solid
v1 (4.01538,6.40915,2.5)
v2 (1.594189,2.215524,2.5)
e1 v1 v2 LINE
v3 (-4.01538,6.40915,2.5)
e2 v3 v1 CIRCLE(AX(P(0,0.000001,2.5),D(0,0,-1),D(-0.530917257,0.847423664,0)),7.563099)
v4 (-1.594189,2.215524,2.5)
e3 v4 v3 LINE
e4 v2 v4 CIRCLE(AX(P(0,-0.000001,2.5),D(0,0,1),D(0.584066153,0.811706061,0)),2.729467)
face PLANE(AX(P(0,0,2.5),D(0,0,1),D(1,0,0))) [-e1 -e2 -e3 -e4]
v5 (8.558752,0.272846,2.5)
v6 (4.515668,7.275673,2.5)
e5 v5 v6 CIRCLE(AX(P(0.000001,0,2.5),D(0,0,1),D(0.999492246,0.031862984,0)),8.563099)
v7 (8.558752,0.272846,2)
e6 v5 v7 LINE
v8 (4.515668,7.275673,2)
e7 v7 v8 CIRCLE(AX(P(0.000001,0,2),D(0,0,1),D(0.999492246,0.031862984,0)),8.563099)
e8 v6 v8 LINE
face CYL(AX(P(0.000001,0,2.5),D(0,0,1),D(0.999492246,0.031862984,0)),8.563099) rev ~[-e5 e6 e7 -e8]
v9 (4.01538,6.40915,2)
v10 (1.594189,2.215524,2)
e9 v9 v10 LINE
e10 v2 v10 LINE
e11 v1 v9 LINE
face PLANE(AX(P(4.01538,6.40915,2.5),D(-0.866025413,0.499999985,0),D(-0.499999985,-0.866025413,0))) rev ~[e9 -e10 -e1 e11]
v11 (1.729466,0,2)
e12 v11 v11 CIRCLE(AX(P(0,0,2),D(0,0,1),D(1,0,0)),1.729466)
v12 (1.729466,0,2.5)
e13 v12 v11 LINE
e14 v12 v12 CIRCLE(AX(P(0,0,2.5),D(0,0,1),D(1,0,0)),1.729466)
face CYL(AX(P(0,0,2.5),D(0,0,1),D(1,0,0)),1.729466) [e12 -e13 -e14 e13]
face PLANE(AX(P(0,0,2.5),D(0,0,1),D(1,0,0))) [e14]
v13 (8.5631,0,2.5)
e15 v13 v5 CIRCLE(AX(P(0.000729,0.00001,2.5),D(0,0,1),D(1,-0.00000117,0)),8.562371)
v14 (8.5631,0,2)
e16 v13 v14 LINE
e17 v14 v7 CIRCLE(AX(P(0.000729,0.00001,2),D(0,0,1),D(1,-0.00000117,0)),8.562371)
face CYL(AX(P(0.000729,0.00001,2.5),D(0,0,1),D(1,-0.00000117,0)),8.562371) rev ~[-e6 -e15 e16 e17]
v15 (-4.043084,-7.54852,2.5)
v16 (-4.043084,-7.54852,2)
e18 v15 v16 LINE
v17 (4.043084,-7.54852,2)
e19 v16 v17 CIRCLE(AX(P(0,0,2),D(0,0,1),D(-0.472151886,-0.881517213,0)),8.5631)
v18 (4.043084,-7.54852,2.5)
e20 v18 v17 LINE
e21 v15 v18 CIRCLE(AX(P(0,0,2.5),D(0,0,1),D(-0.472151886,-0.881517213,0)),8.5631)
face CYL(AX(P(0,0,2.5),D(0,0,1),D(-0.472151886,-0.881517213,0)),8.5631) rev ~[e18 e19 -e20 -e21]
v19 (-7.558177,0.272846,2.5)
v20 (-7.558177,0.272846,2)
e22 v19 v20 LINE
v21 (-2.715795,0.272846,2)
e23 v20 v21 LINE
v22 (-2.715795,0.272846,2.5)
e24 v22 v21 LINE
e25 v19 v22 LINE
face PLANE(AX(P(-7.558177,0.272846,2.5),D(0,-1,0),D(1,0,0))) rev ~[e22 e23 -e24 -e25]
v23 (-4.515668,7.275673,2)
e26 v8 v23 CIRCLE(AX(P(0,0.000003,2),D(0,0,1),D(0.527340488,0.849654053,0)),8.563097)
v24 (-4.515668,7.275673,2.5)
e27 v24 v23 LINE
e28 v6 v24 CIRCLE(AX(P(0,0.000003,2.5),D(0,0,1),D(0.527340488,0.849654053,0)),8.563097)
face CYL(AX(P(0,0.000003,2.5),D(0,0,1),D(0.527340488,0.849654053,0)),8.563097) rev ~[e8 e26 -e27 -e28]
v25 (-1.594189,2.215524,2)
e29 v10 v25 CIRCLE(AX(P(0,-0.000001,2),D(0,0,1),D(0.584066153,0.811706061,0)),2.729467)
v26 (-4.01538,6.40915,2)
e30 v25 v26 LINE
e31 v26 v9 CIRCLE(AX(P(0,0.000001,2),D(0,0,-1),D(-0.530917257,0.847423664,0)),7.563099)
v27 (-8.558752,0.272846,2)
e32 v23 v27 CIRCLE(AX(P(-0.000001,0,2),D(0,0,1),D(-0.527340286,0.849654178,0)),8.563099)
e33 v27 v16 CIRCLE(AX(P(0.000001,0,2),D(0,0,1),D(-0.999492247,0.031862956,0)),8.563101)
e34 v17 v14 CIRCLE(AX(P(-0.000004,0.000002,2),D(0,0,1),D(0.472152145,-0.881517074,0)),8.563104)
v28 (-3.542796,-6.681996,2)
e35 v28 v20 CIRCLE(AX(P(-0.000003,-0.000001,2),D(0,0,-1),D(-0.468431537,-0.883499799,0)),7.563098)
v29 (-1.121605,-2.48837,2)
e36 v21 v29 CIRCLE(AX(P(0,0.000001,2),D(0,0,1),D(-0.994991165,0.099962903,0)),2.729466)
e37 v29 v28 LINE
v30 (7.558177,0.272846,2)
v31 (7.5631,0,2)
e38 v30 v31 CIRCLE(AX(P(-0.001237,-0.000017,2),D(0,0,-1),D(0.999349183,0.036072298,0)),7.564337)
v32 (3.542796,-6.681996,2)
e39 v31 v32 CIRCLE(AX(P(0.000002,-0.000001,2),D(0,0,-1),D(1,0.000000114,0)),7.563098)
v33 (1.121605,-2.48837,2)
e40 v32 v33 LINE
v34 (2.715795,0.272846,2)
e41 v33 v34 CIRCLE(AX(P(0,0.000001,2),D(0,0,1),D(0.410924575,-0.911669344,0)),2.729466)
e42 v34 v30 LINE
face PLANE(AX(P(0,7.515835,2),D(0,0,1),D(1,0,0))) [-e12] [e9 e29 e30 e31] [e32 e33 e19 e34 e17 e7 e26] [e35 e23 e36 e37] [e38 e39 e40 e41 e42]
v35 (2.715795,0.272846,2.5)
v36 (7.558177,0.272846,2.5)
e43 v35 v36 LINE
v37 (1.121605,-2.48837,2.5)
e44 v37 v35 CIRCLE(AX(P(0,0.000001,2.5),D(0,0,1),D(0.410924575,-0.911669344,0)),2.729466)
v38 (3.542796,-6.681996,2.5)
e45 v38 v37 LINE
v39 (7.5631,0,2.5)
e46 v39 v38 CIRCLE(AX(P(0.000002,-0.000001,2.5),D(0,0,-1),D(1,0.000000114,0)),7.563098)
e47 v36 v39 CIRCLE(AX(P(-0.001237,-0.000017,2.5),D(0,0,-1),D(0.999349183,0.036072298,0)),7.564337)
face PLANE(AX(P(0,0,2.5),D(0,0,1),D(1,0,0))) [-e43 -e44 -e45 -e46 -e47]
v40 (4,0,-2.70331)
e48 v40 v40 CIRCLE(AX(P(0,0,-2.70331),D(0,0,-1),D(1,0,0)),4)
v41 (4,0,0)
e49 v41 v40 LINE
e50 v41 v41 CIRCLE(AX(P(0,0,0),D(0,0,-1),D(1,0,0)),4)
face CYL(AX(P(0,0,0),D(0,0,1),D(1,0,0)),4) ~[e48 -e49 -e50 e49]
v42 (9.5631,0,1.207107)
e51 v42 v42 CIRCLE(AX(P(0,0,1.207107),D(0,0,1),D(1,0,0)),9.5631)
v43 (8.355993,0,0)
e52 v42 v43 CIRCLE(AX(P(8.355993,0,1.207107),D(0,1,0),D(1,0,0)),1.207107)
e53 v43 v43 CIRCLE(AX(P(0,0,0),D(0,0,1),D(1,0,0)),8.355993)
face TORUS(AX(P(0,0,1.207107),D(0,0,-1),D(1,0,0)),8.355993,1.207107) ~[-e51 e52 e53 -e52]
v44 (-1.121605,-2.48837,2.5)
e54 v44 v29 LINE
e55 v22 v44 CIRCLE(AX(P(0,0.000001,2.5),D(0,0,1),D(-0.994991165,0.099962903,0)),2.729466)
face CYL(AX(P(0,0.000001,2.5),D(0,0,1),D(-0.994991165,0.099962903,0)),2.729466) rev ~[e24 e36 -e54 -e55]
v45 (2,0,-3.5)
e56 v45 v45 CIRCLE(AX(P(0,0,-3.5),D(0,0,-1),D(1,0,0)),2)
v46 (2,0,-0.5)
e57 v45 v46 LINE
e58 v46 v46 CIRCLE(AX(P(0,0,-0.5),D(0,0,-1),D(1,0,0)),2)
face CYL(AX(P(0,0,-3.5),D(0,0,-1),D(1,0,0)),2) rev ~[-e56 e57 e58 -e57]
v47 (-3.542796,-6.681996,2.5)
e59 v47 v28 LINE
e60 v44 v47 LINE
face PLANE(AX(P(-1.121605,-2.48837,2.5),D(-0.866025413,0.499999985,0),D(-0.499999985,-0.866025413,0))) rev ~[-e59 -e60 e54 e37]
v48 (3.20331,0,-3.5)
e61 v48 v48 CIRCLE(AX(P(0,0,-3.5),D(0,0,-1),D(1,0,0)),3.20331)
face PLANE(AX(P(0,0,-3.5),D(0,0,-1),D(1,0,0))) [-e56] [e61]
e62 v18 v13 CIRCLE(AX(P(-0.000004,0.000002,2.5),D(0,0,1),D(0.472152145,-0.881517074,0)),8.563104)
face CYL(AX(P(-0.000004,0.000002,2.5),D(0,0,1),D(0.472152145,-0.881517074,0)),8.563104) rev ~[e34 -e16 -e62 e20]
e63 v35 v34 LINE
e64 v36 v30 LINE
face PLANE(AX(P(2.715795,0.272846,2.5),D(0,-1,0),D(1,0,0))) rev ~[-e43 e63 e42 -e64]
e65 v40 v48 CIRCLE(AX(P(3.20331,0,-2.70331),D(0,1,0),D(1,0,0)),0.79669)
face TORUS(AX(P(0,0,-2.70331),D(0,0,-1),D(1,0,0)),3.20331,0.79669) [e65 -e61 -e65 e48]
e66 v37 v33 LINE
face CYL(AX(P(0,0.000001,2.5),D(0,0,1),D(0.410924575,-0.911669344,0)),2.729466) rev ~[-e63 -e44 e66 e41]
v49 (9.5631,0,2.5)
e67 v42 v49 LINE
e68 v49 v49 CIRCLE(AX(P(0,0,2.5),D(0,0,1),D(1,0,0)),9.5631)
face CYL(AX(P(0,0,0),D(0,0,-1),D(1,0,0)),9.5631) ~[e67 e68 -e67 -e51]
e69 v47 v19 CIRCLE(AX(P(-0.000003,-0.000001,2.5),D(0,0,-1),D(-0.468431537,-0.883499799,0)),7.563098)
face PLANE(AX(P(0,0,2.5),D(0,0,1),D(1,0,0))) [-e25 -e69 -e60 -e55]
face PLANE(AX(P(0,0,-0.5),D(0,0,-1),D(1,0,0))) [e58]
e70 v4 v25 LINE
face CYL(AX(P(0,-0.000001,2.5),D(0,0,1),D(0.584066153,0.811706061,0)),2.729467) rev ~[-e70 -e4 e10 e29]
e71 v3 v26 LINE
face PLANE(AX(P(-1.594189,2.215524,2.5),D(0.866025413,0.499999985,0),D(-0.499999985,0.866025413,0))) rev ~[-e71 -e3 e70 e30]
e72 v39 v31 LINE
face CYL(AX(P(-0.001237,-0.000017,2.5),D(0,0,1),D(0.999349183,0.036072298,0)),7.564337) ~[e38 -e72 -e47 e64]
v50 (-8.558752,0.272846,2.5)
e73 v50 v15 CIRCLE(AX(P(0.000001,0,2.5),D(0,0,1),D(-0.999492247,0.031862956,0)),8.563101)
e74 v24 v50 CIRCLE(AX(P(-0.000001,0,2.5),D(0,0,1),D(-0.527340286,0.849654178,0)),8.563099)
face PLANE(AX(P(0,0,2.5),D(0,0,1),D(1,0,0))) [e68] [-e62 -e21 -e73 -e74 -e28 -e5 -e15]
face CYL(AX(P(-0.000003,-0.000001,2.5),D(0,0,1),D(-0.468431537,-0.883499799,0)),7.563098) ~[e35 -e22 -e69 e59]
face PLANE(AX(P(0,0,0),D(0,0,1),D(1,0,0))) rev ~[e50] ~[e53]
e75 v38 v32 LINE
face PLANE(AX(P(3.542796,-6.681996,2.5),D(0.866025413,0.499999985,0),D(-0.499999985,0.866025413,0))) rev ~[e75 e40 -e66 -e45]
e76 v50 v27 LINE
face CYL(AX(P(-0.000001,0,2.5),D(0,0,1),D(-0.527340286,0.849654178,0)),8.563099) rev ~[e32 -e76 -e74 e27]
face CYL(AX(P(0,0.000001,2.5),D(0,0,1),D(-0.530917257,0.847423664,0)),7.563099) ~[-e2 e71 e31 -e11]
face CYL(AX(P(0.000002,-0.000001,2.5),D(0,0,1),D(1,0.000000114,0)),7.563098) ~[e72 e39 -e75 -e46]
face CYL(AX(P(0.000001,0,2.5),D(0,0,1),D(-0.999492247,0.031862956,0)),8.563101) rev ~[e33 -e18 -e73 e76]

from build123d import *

# Parameters (mm, degrees)
F0_R     = 9.5631
F1_DEPTH = 2.5
F2_R     = 1.729466
F3_DEPTH = 0.5
F4_R     = 4
F5_DEPTH = 3.5
F6_R     = 1.207107
F7_R     = 2
F8_DEPTH = 3
F9_R     = 0.79669


with BuildPart() as f1:
    # F0 (on Top) → F1 (new body)
    with BuildSketch(Plane.XY):
        Circle(F0_R)
    extrude(amount=F1_DEPTH)

    # F2 (on face) → F3 (cut)
    with BuildSketch(Plane.XY.offset(2.5)):
        with BuildLine():
            ThreePointArc((-4.01538, 6.40915), (0, 7.5631), (4.01538, 6.40915))
            Line((4.01538, 6.40915), (4.515668, 7.275673))
            ThreePointArc((4.515668, 7.275673), (0, 8.5631), (-4.515668, 7.275673))
            Line((-4.515668, 7.275673), (-4.01538, 6.40915))
        make_face()
        with BuildLine():
            Line((4.515668, 7.275673), (4.01538, 6.40915))
            ThreePointArc((4.01538, 6.40915), (6.549837, 3.78155), (7.558177, 0.272846))
            Line((7.558177, 0.272846), (8.558752, 0.272846))
            ThreePointArc((8.558752, 0.272846), (7.415862, 4.28155), (4.515668, 7.275673))
        make_face()
        with BuildLine():
            ThreePointArc((-7.558177, 0.272846), (-6.549837, 3.78155), (-4.01538, 6.40915))
            Line((-4.01538, 6.40915), (-4.515668, 7.275673))
            ThreePointArc((-4.515668, 7.275673), (-7.415862, 4.28155), (-8.558752, 0.272846))
            Line((-8.558752, 0.272846), (-7.558177, 0.272846))
        make_face()
        with BuildLine():
            Line((8.558752, 0.272846), (7.558177, 0.272846))
            ThreePointArc((7.558177, 0.272846), (7.561869, 0.136445), (7.5631, 0))
            ThreePointArc((7.5631, 0), (6.480548, -3.8991), (3.542796, -6.681996))
            Line((3.542796, -6.681996), (4.043084, -7.54852))
            ThreePointArc((4.043084, -7.54852), (7.3467, -4.399167), (8.5631, 0))
            ThreePointArc((8.5631, 0), (8.562013, 0.136441), (8.558752, 0.272846))
        make_face()
        with BuildLine():
            ThreePointArc((-3.542796, -6.681996), (-6.549837, -3.78155), (-7.558177, 0.272846))
            Line((-7.558177, 0.272846), (-8.558752, 0.272846))
            ThreePointArc((-8.558752, 0.272846), (-7.415862, -4.28155), (-4.043084, -7.54852))
            Line((-4.043084, -7.54852), (-3.542796, -6.681996))
        make_face()
        with BuildLine():
            ThreePointArc((3.542796, -6.681996), (0, -7.5631), (-3.542796, -6.681996))
            Line((-3.542796, -6.681996), (-4.043084, -7.54852))
            ThreePointArc((-4.043084, -7.54852), (0, -8.5631), (4.043084, -7.54852))
            Line((4.043084, -7.54852), (3.542796, -6.681996))
        make_face()
        with BuildLine():
            Line((4.01538, 6.40915), (1.594189, 2.215524))
            ThreePointArc((1.594189, 2.215524), (0, 2.729466), (-1.594189, 2.215524))
            Line((-1.594189, 2.215524), (-4.01538, 6.40915))
            ThreePointArc((-4.01538, 6.40915), (-6.549837, 3.78155), (-7.558177, 0.272846))
            Line((-7.558177, 0.272846), (-2.715795, 0.272846))
            ThreePointArc((-2.715795, 0.272846), (-2.363787, -1.364733), (-1.121605, -2.48837))
            Line((-1.121605, -2.48837), (-3.542796, -6.681996))
            ThreePointArc((-3.542796, -6.681996), (0, -7.5631), (3.542796, -6.681996))
            Line((3.542796, -6.681996), (1.121605, -2.48837))
            ThreePointArc((1.121605, -2.48837), (2.363787, -1.364733), (2.715795, 0.272846))
            Line((2.715795, 0.272846), (7.558177, 0.272846))
            ThreePointArc((7.558177, 0.272846), (6.549837, 3.78155), (4.01538, 6.40915))
        make_face()
        Circle(F2_R, mode=Mode.SUBTRACT)
    extrude(amount=-F3_DEPTH, mode=Mode.SUBTRACT)

    # F4 (on face) → F5 (join)
    with BuildSketch(Plane(origin=(0, 0, 0), x_dir=(1, 0, 0), z_dir=(0, 0, -1))):
        Circle(F4_R)
    extrude(amount=F5_DEPTH)

    # F6
    f6_edges = [f1.edges().sort_by_distance(p)[0] for p in [
        (-9.5631, 0, 0),
    ]]
    fillet(f6_edges, radius=F6_R)

    # F7 (on face) → F8 (cut)
    with BuildSketch(Plane(origin=(0, 0, -3.5), x_dir=(1, 0, 0), z_dir=(0, 0, -1))):
        Circle(F7_R)
    extrude(amount=-F8_DEPTH, mode=Mode.SUBTRACT)

    # F9
    f9_edges = [f1.edges().sort_by_distance(p)[0] for p in [
        (-4, 0, -3.5),
    ]]
    fillet(f9_edges, radius=F9_R)


solid = f1.part
